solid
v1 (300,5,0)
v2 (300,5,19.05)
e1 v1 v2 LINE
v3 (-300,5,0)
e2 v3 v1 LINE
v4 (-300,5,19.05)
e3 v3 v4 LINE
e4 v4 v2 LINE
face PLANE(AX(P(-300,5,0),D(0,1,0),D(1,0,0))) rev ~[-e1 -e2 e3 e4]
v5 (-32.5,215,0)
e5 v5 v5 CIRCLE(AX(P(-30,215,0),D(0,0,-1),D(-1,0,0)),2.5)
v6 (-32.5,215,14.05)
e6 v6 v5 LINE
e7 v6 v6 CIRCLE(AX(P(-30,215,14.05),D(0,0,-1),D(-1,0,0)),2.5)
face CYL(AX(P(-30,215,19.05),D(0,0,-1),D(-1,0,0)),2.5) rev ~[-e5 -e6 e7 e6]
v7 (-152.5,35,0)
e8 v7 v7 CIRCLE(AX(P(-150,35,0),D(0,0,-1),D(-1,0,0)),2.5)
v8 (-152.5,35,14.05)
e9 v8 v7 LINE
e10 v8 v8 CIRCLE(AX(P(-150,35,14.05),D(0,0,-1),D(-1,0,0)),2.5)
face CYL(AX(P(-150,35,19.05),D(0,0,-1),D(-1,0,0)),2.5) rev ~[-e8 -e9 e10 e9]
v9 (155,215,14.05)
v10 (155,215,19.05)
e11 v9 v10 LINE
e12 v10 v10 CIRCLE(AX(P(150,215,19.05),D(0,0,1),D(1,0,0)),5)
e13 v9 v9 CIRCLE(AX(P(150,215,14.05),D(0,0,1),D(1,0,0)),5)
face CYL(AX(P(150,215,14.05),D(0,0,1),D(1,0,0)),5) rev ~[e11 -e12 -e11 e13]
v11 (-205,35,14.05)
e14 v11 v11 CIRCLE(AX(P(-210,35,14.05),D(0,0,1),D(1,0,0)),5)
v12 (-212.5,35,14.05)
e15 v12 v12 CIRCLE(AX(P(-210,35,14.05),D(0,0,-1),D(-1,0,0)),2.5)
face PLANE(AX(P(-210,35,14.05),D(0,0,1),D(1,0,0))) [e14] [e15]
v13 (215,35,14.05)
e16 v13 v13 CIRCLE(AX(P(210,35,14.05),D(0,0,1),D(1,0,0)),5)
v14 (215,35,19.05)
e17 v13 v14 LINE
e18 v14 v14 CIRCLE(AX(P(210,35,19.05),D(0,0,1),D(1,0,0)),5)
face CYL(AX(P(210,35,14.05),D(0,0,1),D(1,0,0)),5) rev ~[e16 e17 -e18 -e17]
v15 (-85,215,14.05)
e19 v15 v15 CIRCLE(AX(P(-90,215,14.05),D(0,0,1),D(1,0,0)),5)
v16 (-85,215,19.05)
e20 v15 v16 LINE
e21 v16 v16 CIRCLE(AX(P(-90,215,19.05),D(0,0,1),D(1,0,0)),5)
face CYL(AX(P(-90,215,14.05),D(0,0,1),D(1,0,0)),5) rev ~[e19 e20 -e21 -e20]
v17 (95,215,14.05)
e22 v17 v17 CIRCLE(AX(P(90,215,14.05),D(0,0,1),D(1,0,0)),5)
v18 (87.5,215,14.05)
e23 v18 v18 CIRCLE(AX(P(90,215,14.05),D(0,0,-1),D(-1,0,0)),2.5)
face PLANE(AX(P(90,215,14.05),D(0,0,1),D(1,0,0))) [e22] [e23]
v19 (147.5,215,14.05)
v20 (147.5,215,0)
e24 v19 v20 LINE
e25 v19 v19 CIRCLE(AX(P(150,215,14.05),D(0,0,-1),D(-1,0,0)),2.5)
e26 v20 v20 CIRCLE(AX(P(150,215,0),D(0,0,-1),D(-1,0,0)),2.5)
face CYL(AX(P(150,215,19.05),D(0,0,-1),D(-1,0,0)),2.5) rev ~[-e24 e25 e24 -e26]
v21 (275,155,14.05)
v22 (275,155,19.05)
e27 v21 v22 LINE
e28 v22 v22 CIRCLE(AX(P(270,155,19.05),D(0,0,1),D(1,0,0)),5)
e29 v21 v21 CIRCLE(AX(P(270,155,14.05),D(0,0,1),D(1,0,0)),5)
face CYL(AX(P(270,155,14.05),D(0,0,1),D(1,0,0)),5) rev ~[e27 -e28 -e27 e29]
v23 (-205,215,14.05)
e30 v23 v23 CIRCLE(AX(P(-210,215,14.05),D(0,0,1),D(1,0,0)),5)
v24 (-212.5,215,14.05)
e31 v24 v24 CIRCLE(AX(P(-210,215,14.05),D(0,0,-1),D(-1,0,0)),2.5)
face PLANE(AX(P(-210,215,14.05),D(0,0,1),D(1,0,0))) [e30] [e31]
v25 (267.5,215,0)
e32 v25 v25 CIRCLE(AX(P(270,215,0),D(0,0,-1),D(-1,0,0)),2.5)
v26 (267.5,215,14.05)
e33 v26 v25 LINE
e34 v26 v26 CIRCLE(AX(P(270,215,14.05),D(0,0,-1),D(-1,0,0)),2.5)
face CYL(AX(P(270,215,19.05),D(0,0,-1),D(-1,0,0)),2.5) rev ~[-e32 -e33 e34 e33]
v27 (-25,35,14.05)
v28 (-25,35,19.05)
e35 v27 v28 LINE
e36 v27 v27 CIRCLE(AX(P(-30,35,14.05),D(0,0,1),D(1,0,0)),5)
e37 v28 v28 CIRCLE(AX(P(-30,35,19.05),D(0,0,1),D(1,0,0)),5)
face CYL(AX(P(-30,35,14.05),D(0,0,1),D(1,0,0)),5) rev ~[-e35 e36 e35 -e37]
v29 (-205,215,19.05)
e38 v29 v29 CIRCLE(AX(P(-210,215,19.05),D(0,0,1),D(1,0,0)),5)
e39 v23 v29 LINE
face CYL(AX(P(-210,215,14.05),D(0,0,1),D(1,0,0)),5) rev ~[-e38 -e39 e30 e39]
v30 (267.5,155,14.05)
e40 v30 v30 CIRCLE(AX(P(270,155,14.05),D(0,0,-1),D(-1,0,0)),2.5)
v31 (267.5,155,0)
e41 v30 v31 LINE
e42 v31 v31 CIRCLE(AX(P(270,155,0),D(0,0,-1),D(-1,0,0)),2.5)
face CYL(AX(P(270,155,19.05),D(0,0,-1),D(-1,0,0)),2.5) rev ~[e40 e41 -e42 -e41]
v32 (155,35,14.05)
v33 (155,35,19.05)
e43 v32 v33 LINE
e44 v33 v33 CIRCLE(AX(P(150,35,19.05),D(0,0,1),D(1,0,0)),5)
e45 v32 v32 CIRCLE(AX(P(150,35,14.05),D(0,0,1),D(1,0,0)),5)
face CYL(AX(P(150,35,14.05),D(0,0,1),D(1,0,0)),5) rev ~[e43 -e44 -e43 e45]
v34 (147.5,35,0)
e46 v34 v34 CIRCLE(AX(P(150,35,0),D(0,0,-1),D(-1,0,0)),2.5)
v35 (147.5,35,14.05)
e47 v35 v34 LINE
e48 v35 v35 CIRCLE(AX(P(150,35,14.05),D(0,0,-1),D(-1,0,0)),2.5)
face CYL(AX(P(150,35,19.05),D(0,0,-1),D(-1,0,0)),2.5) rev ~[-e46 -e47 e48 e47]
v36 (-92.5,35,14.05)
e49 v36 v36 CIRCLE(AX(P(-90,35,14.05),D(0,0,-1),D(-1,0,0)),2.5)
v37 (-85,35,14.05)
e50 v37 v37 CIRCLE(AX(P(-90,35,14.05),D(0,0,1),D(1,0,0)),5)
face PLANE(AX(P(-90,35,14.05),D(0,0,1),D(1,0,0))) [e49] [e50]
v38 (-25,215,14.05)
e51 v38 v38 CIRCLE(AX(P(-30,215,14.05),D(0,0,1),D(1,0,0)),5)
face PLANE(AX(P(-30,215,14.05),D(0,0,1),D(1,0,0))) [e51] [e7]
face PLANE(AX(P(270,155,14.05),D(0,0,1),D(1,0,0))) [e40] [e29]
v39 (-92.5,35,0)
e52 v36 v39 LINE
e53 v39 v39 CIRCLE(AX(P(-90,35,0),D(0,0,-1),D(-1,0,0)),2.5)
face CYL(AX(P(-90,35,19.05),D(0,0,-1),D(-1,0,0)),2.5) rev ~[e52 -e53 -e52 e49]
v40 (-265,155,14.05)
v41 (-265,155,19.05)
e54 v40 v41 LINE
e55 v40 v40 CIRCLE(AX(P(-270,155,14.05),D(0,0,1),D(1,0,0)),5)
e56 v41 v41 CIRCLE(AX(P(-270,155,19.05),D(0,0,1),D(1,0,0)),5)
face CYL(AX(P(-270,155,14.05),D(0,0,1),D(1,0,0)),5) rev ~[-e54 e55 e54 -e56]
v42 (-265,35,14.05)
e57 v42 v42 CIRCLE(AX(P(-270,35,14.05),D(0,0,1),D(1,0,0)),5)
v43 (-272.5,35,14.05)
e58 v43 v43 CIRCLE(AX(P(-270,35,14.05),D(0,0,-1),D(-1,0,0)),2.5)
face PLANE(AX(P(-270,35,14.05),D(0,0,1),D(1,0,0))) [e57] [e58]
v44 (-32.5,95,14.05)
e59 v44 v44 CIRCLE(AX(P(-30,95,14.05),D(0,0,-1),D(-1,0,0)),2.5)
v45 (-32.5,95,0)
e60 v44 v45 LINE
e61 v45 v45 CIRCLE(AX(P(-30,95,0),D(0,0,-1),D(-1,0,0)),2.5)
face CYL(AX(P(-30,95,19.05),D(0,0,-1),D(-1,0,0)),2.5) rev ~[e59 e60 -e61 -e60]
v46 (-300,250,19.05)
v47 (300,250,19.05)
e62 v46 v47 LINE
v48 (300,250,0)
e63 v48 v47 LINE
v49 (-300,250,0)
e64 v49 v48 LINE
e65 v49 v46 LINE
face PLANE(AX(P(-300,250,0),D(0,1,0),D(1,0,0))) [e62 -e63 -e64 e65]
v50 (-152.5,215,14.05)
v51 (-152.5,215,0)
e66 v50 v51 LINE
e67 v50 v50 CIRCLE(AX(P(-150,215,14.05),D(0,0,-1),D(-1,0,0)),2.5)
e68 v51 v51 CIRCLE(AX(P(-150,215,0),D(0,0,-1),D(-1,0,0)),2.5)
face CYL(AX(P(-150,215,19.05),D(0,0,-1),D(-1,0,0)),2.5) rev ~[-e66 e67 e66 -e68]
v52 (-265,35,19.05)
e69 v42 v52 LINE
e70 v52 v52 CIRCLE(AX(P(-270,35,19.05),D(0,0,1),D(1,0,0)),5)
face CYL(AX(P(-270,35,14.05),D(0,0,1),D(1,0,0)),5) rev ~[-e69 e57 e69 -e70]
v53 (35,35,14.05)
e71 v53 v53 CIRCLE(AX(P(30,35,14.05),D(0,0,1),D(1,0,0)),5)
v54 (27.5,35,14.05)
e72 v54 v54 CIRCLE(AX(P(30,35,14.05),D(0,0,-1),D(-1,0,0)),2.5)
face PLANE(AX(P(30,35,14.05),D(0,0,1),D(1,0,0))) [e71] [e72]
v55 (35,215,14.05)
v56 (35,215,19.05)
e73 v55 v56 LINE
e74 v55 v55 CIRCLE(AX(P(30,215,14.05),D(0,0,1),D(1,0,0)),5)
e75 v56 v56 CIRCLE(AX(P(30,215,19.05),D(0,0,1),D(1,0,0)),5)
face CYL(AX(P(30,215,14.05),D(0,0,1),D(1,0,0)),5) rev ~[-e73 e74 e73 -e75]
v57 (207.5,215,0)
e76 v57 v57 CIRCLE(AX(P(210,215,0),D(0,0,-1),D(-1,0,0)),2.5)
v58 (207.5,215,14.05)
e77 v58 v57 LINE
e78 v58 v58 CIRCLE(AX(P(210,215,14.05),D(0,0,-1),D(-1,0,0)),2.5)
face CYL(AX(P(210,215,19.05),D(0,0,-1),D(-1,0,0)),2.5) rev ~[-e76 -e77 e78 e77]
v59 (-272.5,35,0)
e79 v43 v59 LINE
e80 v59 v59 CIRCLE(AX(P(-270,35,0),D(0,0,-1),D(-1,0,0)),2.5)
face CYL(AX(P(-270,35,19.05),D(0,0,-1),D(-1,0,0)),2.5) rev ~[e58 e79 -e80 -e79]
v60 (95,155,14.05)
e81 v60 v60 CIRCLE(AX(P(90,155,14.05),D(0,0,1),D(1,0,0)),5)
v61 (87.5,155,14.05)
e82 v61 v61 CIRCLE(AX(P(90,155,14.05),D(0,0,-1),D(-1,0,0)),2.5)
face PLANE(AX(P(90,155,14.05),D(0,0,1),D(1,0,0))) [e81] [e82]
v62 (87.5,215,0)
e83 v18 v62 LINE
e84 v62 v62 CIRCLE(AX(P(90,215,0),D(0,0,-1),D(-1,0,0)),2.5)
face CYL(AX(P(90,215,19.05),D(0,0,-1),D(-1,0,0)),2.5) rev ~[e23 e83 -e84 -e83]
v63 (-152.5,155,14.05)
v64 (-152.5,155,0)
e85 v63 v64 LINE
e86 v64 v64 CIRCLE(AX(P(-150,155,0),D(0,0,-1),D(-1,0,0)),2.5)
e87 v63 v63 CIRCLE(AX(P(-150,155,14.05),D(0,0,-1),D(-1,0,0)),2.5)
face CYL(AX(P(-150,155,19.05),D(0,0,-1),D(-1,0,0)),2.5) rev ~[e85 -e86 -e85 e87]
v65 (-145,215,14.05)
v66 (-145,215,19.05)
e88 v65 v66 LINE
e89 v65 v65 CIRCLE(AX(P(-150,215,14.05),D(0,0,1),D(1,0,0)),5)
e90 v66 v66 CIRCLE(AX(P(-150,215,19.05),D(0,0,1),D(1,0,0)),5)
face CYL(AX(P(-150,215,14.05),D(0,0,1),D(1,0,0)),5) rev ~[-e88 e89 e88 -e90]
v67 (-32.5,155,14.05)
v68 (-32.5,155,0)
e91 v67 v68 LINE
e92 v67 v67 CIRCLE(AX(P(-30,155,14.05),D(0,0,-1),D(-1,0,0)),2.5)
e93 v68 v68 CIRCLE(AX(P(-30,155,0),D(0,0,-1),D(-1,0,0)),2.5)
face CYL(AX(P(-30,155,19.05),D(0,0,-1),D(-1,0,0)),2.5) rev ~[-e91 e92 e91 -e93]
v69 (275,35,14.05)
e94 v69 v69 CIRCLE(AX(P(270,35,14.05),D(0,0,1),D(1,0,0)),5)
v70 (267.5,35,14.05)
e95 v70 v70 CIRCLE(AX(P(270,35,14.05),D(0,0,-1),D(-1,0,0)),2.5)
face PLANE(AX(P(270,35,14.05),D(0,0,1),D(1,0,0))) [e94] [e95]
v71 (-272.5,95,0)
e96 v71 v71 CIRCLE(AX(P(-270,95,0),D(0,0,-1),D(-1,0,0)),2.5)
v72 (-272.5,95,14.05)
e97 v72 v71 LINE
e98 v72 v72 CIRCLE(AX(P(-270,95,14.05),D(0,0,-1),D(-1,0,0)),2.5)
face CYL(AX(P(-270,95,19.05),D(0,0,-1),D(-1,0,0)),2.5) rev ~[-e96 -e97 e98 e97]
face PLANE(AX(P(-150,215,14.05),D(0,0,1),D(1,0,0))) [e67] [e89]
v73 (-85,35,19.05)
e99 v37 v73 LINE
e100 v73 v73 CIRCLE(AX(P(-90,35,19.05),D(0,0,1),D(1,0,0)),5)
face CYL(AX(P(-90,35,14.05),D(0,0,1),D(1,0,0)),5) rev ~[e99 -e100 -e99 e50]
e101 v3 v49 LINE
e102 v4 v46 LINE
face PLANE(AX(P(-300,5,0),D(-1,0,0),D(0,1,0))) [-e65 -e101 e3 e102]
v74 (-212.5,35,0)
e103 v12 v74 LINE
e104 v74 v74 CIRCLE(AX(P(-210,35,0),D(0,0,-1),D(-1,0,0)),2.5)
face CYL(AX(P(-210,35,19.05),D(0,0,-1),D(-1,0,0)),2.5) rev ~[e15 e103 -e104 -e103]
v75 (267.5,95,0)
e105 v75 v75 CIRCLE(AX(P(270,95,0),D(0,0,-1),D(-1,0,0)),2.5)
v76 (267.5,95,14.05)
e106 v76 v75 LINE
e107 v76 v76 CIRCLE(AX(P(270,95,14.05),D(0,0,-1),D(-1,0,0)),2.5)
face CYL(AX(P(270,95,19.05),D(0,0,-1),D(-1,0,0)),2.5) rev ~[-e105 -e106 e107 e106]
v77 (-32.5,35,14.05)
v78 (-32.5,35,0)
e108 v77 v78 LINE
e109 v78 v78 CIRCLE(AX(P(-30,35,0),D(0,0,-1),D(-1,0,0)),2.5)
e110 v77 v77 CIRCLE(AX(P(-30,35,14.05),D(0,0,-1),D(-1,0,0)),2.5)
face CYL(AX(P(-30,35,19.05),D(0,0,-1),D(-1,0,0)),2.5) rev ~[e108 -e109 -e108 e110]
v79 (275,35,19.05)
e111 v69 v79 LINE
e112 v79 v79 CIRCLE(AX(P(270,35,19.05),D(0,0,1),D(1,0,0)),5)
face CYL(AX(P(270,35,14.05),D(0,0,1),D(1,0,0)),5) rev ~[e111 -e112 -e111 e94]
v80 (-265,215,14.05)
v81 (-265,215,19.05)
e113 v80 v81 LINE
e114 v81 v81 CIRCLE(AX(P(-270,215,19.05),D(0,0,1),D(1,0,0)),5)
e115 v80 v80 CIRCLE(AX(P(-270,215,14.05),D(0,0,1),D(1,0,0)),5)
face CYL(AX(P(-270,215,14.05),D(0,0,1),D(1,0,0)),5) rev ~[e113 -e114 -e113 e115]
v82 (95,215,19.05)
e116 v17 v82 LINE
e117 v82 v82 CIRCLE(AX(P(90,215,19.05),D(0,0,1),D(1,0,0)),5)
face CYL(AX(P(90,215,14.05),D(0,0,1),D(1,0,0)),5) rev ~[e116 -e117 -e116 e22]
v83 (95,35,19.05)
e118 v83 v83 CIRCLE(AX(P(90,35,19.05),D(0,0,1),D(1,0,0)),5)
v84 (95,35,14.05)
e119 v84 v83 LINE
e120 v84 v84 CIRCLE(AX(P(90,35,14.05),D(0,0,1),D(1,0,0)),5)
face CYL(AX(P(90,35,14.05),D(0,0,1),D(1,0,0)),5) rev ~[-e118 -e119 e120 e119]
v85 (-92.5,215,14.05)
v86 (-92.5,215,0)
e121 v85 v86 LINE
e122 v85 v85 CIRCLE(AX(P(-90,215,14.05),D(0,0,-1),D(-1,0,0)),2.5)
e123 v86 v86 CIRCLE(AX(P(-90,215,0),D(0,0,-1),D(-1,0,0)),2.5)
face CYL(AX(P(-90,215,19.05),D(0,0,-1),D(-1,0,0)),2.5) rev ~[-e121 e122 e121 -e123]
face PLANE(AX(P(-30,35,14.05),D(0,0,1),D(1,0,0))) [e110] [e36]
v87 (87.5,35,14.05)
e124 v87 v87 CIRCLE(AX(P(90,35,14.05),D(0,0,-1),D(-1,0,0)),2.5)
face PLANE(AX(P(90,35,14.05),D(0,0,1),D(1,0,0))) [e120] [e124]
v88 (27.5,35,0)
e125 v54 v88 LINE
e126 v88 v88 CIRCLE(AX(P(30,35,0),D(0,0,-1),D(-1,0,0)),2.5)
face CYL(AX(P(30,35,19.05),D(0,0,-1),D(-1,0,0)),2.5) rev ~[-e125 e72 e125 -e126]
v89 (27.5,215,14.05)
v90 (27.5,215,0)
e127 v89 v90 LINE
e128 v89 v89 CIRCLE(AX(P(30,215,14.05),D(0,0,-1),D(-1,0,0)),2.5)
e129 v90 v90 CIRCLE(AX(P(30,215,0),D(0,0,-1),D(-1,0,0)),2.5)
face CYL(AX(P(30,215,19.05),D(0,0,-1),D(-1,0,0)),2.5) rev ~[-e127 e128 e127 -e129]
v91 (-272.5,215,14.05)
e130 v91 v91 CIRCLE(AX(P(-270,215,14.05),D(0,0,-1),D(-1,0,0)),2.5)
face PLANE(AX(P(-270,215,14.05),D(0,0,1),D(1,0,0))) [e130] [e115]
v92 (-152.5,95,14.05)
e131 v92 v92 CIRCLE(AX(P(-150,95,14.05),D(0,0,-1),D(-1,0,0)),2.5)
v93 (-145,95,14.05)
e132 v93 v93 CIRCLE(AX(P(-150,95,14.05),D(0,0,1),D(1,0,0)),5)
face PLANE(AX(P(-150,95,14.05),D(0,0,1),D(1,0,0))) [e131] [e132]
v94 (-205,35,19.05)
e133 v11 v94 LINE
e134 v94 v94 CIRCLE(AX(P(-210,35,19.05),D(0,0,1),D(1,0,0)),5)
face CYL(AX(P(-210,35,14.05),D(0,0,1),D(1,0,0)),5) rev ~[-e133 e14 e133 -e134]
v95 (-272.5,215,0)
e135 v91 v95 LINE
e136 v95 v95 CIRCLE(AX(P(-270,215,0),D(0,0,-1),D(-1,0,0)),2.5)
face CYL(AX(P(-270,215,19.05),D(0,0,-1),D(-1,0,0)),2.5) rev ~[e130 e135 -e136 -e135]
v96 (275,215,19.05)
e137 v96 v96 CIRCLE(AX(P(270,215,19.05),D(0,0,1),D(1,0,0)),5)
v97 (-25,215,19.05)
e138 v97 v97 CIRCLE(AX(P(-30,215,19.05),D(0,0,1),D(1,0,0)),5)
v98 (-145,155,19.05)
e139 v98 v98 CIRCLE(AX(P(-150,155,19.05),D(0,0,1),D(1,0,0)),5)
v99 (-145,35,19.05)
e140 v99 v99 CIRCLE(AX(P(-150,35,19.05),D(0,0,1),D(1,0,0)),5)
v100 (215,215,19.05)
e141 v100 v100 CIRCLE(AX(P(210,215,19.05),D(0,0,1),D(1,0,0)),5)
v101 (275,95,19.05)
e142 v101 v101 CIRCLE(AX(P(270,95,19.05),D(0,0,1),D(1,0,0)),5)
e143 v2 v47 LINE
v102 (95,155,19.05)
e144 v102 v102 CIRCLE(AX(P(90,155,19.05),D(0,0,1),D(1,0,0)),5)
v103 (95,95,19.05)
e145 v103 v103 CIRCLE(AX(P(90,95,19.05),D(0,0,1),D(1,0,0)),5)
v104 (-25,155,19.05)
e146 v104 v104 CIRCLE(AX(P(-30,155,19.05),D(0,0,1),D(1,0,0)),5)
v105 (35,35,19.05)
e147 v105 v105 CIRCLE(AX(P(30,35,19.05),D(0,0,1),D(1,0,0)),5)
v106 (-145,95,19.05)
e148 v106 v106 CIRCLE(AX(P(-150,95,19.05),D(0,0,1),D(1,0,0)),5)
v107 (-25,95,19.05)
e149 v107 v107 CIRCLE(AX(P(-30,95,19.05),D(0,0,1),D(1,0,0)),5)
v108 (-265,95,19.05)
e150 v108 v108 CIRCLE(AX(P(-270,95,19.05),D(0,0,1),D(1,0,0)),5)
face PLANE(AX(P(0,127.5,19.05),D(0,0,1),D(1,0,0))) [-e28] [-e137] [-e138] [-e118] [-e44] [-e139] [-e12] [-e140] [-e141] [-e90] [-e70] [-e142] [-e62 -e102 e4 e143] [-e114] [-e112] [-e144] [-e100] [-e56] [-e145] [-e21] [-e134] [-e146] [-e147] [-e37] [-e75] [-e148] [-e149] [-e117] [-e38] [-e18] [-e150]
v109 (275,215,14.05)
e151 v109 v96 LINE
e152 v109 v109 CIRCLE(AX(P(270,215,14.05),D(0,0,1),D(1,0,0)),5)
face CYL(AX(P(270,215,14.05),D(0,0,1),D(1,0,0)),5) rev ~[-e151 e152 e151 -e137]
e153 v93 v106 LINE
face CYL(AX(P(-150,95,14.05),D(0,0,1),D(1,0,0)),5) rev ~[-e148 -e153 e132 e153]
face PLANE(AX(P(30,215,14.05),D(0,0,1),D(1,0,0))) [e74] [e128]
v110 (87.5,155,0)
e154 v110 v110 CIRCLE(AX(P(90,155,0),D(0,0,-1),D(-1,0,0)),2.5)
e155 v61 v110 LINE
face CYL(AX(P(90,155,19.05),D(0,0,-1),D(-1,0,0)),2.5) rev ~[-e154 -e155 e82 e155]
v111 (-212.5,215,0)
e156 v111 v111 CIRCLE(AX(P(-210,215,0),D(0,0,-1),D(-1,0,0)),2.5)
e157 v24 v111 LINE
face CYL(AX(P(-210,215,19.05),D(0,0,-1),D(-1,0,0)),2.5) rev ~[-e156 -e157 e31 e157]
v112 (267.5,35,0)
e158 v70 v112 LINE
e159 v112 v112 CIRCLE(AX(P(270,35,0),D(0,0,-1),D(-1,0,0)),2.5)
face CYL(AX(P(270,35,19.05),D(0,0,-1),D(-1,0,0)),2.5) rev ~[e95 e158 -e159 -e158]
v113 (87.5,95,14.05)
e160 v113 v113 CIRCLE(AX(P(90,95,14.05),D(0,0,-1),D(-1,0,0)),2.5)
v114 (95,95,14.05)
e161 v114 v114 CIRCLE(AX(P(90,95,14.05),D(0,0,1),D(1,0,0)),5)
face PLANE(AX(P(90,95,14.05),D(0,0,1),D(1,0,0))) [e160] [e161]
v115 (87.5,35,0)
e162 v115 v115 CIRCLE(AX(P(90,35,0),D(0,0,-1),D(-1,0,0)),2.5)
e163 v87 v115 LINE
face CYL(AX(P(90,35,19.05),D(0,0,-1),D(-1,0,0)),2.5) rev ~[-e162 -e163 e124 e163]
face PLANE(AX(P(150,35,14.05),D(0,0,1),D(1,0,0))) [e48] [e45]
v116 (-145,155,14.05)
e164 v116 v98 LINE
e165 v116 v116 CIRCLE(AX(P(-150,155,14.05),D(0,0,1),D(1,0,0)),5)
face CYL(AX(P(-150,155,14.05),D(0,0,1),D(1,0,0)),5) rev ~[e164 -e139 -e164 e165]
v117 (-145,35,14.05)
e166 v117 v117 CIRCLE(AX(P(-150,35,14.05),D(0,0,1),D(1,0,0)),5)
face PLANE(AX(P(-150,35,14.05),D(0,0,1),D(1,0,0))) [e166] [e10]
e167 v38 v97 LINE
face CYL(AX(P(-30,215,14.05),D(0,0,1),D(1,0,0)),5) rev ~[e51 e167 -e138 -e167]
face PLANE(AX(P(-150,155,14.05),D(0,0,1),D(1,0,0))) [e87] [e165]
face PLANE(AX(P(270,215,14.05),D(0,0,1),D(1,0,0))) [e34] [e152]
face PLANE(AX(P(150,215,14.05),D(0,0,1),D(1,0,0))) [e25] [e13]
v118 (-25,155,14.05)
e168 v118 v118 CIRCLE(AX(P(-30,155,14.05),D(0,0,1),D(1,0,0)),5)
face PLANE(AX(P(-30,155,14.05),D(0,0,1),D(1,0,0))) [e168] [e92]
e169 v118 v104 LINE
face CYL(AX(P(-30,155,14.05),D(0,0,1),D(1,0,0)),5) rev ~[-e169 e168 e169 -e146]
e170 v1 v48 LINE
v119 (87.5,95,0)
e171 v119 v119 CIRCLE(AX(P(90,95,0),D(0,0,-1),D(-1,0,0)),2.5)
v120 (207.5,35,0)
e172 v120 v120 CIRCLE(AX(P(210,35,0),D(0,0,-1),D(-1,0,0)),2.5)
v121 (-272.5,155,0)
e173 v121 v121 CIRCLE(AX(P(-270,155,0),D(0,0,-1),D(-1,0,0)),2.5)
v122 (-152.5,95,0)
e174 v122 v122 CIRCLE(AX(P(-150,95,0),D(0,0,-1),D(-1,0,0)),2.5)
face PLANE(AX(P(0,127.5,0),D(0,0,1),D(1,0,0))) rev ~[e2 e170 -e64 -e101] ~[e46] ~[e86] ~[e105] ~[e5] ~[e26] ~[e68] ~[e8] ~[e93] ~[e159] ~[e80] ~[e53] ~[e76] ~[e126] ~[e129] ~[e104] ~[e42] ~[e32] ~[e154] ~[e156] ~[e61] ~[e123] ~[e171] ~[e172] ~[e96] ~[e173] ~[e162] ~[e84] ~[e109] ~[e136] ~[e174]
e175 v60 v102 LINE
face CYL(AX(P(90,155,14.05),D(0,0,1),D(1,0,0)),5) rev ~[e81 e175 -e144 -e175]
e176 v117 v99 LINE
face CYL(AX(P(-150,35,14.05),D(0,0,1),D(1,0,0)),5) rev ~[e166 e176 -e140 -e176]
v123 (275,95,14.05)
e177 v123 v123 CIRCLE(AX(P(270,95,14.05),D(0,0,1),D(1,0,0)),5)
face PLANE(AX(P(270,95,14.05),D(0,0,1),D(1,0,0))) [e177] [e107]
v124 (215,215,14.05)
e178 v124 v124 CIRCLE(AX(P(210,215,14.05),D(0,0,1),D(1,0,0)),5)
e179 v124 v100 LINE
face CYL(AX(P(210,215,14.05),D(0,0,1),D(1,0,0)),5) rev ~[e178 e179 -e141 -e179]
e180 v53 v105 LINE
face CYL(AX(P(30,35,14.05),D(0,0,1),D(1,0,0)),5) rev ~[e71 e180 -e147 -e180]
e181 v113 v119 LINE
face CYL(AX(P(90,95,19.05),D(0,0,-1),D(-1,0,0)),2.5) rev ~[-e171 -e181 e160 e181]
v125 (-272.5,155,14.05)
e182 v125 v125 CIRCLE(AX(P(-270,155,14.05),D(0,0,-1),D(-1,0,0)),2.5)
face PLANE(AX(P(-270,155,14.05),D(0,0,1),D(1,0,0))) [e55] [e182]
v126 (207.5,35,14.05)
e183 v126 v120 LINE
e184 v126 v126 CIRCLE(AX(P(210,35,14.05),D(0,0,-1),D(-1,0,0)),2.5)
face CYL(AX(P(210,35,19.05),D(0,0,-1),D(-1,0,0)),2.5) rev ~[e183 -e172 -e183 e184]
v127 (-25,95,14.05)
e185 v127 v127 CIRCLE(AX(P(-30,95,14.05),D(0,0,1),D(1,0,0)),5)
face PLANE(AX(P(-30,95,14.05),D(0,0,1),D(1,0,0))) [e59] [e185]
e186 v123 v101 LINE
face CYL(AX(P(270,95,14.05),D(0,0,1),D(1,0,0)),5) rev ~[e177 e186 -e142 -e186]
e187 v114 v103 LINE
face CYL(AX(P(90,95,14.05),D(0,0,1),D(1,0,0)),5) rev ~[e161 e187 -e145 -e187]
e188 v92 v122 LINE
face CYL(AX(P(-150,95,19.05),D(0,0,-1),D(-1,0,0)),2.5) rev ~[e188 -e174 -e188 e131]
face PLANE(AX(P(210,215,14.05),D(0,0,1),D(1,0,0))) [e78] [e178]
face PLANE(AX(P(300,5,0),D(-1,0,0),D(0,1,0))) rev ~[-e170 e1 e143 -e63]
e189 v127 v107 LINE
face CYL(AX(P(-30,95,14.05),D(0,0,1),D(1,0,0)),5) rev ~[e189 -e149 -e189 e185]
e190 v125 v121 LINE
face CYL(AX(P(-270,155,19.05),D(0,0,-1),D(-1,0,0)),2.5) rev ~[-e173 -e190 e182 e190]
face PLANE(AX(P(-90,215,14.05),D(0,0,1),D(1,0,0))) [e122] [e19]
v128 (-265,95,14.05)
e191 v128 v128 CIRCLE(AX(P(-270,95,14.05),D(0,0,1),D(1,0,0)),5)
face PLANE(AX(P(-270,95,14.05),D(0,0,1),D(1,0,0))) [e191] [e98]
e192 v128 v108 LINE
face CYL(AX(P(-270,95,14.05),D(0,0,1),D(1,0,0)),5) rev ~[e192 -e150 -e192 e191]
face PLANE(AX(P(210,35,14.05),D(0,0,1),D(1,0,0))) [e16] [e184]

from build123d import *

# Parameters (mm, degrees)
SKETCH1_W                      = 600
SKETCH1_H                      = 245
BOSS_EXTRUDE1_DEPTH            = 19.05
CBORE_FOR_M5_SHCS1_D           = 5
CBORE_FOR_M5_SHCS1_DEPTH       = 28.497848452
CBORE_FOR_M5_SHCS1_CBORE_D     = 10
CBORE_FOR_M5_SHCS1_CBORE_DEPTH = 5
CBORE_FOR_M5_SHCS1_TIP         = 1.502151548


with BuildPart() as part:
    # Sketch1 → Boss-Extrude1 (new body)
    with BuildSketch(Plane.XY):
        with Locations((0, 127.5)):
            Rectangle(SKETCH1_W, SKETCH1_H)
    extrude(amount=BOSS_EXTRUDE1_DEPTH)

    # CBORE for M5 SHCS1
    with Locations(Plane.XY.offset(19.05)):
        with Locations((-270, 215), (-210, 215), (-150, 215), (-90, 215), (-30, 215), (30, 215), (90, 215), (150, 215), (210, 215), (270, 215), (270, 155), (270, 95), (90, 155), (90, 95), (-30, 155), (-30, 95), (-150, 155), (-270, 155), (-270, 95), (-150, 95), (-270, 35), (-210, 35), (-150, 35), (-90, 35), (-30, 35), (30, 35), (90, 35), (150, 35), (210, 35), (270, 35)):
            CounterBoreHole(CBORE_FOR_M5_SHCS1_D / 2, CBORE_FOR_M5_SHCS1_CBORE_D / 2, CBORE_FOR_M5_SHCS1_CBORE_DEPTH, depth=CBORE_FOR_M5_SHCS1_DEPTH)
            with Locations((0, 0, -(CBORE_FOR_M5_SHCS1_DEPTH + CBORE_FOR_M5_SHCS1_TIP / 2))):  # 118° drill point
                Cone(0, CBORE_FOR_M5_SHCS1_D / 2, CBORE_FOR_M5_SHCS1_TIP, mode=Mode.SUBTRACT)


solid = part.part
